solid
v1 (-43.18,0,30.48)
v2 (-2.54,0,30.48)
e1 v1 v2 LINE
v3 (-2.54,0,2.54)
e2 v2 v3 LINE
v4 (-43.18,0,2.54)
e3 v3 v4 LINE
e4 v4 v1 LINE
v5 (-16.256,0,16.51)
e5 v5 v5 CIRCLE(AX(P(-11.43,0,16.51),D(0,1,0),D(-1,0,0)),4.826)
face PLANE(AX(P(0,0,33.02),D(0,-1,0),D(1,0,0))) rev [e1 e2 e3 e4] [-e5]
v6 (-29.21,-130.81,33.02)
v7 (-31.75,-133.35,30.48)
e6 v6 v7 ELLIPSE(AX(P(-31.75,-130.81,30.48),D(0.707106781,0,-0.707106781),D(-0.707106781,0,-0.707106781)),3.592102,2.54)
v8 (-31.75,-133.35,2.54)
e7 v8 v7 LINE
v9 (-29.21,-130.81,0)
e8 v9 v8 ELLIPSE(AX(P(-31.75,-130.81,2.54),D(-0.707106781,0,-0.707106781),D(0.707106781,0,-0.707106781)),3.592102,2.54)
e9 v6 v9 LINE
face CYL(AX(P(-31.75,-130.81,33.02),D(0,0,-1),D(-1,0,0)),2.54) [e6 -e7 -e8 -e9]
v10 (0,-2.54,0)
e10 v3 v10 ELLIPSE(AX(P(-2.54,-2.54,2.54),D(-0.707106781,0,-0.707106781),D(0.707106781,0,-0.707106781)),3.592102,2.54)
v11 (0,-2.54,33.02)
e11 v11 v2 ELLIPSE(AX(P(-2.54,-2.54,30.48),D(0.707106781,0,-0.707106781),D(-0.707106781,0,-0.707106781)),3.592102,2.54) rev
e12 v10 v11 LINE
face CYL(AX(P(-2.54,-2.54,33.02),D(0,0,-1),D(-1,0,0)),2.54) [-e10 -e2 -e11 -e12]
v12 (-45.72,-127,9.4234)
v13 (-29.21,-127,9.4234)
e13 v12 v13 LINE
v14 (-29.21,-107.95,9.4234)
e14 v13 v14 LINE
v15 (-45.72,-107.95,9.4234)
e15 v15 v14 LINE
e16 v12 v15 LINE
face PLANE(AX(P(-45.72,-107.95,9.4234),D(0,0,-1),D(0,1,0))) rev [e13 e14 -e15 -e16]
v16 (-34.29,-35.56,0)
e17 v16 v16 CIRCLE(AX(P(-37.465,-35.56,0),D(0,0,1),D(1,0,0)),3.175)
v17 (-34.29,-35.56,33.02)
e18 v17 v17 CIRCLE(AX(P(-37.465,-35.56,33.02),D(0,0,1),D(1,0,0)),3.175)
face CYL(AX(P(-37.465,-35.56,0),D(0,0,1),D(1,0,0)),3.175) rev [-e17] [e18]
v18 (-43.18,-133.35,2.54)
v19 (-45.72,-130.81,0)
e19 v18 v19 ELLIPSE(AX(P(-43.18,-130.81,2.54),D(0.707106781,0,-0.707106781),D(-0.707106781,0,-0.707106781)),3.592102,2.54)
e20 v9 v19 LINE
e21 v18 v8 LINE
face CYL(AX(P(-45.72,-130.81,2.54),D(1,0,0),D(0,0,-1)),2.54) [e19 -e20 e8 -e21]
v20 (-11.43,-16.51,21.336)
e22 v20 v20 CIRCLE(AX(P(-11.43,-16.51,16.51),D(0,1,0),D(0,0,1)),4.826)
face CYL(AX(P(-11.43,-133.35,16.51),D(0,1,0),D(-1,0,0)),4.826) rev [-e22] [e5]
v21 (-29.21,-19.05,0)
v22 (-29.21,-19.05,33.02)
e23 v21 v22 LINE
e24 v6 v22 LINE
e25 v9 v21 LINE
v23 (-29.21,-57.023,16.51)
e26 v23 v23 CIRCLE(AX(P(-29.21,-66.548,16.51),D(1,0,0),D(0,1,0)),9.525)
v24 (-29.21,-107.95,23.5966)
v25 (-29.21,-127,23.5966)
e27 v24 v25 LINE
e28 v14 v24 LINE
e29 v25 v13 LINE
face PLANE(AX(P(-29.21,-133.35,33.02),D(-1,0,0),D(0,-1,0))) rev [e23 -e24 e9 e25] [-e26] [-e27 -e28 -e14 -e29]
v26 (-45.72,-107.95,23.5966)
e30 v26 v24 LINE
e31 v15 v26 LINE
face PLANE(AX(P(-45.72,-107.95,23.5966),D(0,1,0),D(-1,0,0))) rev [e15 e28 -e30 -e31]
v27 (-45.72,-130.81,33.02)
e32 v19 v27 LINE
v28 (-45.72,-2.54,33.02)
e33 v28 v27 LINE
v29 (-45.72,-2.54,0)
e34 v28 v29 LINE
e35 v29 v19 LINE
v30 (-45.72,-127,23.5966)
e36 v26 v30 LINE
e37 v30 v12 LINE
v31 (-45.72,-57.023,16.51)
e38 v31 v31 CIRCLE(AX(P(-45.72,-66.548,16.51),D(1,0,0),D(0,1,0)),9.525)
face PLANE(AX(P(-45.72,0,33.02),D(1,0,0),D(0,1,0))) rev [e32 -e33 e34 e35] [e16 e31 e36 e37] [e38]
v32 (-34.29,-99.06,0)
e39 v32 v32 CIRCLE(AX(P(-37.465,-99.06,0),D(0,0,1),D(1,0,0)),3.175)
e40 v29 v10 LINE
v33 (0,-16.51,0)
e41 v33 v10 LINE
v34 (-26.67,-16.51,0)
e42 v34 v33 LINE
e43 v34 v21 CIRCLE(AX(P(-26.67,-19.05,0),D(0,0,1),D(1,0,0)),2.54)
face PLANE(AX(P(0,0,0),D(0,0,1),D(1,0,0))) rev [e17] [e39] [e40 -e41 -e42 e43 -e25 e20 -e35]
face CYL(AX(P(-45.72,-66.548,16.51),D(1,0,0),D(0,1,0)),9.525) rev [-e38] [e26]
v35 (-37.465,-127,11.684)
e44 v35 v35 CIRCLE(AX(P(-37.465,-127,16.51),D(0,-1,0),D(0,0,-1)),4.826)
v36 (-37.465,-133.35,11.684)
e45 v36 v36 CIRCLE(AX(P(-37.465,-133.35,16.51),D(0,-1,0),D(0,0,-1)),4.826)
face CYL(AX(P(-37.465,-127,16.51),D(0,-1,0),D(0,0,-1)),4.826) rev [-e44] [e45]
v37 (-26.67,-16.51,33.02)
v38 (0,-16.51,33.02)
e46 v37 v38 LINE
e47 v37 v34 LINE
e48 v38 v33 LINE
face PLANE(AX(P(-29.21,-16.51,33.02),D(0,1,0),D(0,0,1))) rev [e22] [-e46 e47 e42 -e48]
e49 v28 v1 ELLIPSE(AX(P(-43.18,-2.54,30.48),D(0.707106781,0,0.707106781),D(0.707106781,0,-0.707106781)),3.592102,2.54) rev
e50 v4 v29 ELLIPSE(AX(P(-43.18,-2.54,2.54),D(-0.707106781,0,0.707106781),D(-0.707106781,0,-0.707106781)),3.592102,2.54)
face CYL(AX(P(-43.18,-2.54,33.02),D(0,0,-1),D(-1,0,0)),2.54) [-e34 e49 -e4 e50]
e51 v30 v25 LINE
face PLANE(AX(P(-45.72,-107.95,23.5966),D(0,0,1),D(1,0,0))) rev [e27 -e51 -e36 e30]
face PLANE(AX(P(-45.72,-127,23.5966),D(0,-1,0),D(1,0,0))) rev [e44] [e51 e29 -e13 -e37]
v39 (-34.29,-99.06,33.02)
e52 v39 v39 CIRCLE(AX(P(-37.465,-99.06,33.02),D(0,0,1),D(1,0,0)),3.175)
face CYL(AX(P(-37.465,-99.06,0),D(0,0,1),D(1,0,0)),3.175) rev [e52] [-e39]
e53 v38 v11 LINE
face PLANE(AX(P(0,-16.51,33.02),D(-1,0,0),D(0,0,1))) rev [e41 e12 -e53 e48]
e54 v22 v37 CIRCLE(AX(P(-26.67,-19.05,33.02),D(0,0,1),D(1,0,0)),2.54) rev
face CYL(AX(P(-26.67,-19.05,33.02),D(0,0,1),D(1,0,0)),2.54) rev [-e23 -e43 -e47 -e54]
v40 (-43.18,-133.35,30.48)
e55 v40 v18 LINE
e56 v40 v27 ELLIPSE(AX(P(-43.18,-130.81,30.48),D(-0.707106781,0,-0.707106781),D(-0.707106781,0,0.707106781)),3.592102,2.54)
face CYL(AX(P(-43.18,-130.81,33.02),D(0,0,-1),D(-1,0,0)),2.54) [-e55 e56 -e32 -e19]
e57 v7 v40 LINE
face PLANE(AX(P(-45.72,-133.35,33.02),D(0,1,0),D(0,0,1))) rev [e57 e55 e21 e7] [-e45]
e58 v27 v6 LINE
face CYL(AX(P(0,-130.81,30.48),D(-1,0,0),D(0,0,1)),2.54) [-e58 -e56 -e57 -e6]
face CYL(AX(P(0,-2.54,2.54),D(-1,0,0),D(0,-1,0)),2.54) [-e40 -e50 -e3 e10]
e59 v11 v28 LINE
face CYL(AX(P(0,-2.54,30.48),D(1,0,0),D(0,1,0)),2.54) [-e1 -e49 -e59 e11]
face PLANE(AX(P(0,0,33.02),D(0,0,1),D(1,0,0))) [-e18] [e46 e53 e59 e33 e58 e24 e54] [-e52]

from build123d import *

# Parameters (mm, degrees)
BOSS_EXTRUDE1_DEPTH = 33.02
FILLET1_R           = 2.54
SKETCH4_R           = 9.525
CUT_EXTRUDE1_DEPTH  = 141.448449618
SKETCH5_R           = 3.175
CUT_EXTRUDE2_DEPTH  = 145.785570068
SKETCH6_W           = 14.1732
SKETCH6_H           = 19.05
CUT_EXTRUDE3_DEPTH  = 141.448449618
SKETCH7_R           = 4.826
CUT_EXTRUDE4_DEPTH  = 6.35
SKETCH8_R           = 4.826
CUT_EXTRUDE5_DEPTH  = 145.785570068
FILLET2_R           = 2.54
FILLET3_R           = 2.54


with BuildPart() as part:
    # Sketch1 → Boss-Extrude1 (new body)
    with BuildSketch(Plane.XY):
        Polygon((0, 0), (-45.72, 0), (-45.72, -133.35), (-29.21, -133.35), (-29.21, -16.51), (0, -16.51), align=None)
    extrude(amount=BOSS_EXTRUDE1_DEPTH)

    # Fillet1
    fillet1_edges = [part.edges().sort_by_distance(p)[0] for p in [
        (-45.72, 0, 16.51),
        (0, 0, 16.51),
        (-22.86, 0, 33.02),
        (-22.86, 0, 0),
    ]]
    fillet(fillet1_edges, radius=FILLET1_R)

    # Sketch4 → Cut-Extrude1 (cut, through all)
    with BuildSketch(Plane(origin=(-29.21, 0, 0), x_dir=(0, 0, -1), z_dir=(1, 0, 0))):
        with Locations(Location((-16.51, -66.548, 0), (0, 0, 90))):
            Circle(SKETCH4_R)
    extrude(amount=-CUT_EXTRUDE1_DEPTH, mode=Mode.SUBTRACT)

    # Sketch5 → Cut-Extrude2 (cut, through all)
    with BuildSketch(Plane.XY.offset(33.02)):
        with Locations((-37.465, -35.56)):
            Circle(SKETCH5_R)
        with Locations((-37.465, -99.06)):
            Circle(SKETCH5_R)
    extrude(amount=-CUT_EXTRUDE2_DEPTH, mode=Mode.SUBTRACT)

    # Sketch6 → Cut-Extrude3 (cut, through all)
    with BuildSketch(Plane(origin=(-29.21, 0, 0), x_dir=(0, 0, -1), z_dir=(1, 0, 0))):
        with Locations((-16.51, -117.475)):
            Rectangle(SKETCH6_W, SKETCH6_H)
    extrude(amount=-CUT_EXTRUDE3_DEPTH, mode=Mode.SUBTRACT)

    # Sketch7 → Cut-Extrude4 (cut)
    with BuildSketch(Plane.XZ.offset(133.35)):
        with Locations(Location((-37.465, 16.51, 0), (0, 0, 270))):
            Circle(SKETCH7_R)
    extrude(amount=-CUT_EXTRUDE4_DEPTH, mode=Mode.SUBTRACT)

    # Sketch8 → Cut-Extrude5 (cut, through all)
    with BuildSketch(Plane(origin=(0, 0, 0), x_dir=(1, 0, 0), z_dir=(0, 1, 0))):
        with Locations(Location((-11.43, -16.51, 0), (0, 0, 180))):
            Circle(SKETCH8_R)
    extrude(amount=-CUT_EXTRUDE5_DEPTH, mode=Mode.SUBTRACT)

    # Fillet2
    fillet2_edges = [part.edges().sort_by_distance(p)[0] for p in [
        (-29.21, -133.35, 16.51),
        (-45.72, -133.35, 16.51),
        (-37.465, -133.35, 33.02),
        (-37.465, -133.35, 0),
    ]]
    fillet(fillet2_edges, radius=FILLET2_R)

    # Fillet3
    fillet3_edges = [part.edges().sort_by_distance(p)[0] for p in [
        (-29.21, -16.51, 16.51),
    ]]
    fillet(fillet3_edges, radius=FILLET3_R)


solid = part.part
